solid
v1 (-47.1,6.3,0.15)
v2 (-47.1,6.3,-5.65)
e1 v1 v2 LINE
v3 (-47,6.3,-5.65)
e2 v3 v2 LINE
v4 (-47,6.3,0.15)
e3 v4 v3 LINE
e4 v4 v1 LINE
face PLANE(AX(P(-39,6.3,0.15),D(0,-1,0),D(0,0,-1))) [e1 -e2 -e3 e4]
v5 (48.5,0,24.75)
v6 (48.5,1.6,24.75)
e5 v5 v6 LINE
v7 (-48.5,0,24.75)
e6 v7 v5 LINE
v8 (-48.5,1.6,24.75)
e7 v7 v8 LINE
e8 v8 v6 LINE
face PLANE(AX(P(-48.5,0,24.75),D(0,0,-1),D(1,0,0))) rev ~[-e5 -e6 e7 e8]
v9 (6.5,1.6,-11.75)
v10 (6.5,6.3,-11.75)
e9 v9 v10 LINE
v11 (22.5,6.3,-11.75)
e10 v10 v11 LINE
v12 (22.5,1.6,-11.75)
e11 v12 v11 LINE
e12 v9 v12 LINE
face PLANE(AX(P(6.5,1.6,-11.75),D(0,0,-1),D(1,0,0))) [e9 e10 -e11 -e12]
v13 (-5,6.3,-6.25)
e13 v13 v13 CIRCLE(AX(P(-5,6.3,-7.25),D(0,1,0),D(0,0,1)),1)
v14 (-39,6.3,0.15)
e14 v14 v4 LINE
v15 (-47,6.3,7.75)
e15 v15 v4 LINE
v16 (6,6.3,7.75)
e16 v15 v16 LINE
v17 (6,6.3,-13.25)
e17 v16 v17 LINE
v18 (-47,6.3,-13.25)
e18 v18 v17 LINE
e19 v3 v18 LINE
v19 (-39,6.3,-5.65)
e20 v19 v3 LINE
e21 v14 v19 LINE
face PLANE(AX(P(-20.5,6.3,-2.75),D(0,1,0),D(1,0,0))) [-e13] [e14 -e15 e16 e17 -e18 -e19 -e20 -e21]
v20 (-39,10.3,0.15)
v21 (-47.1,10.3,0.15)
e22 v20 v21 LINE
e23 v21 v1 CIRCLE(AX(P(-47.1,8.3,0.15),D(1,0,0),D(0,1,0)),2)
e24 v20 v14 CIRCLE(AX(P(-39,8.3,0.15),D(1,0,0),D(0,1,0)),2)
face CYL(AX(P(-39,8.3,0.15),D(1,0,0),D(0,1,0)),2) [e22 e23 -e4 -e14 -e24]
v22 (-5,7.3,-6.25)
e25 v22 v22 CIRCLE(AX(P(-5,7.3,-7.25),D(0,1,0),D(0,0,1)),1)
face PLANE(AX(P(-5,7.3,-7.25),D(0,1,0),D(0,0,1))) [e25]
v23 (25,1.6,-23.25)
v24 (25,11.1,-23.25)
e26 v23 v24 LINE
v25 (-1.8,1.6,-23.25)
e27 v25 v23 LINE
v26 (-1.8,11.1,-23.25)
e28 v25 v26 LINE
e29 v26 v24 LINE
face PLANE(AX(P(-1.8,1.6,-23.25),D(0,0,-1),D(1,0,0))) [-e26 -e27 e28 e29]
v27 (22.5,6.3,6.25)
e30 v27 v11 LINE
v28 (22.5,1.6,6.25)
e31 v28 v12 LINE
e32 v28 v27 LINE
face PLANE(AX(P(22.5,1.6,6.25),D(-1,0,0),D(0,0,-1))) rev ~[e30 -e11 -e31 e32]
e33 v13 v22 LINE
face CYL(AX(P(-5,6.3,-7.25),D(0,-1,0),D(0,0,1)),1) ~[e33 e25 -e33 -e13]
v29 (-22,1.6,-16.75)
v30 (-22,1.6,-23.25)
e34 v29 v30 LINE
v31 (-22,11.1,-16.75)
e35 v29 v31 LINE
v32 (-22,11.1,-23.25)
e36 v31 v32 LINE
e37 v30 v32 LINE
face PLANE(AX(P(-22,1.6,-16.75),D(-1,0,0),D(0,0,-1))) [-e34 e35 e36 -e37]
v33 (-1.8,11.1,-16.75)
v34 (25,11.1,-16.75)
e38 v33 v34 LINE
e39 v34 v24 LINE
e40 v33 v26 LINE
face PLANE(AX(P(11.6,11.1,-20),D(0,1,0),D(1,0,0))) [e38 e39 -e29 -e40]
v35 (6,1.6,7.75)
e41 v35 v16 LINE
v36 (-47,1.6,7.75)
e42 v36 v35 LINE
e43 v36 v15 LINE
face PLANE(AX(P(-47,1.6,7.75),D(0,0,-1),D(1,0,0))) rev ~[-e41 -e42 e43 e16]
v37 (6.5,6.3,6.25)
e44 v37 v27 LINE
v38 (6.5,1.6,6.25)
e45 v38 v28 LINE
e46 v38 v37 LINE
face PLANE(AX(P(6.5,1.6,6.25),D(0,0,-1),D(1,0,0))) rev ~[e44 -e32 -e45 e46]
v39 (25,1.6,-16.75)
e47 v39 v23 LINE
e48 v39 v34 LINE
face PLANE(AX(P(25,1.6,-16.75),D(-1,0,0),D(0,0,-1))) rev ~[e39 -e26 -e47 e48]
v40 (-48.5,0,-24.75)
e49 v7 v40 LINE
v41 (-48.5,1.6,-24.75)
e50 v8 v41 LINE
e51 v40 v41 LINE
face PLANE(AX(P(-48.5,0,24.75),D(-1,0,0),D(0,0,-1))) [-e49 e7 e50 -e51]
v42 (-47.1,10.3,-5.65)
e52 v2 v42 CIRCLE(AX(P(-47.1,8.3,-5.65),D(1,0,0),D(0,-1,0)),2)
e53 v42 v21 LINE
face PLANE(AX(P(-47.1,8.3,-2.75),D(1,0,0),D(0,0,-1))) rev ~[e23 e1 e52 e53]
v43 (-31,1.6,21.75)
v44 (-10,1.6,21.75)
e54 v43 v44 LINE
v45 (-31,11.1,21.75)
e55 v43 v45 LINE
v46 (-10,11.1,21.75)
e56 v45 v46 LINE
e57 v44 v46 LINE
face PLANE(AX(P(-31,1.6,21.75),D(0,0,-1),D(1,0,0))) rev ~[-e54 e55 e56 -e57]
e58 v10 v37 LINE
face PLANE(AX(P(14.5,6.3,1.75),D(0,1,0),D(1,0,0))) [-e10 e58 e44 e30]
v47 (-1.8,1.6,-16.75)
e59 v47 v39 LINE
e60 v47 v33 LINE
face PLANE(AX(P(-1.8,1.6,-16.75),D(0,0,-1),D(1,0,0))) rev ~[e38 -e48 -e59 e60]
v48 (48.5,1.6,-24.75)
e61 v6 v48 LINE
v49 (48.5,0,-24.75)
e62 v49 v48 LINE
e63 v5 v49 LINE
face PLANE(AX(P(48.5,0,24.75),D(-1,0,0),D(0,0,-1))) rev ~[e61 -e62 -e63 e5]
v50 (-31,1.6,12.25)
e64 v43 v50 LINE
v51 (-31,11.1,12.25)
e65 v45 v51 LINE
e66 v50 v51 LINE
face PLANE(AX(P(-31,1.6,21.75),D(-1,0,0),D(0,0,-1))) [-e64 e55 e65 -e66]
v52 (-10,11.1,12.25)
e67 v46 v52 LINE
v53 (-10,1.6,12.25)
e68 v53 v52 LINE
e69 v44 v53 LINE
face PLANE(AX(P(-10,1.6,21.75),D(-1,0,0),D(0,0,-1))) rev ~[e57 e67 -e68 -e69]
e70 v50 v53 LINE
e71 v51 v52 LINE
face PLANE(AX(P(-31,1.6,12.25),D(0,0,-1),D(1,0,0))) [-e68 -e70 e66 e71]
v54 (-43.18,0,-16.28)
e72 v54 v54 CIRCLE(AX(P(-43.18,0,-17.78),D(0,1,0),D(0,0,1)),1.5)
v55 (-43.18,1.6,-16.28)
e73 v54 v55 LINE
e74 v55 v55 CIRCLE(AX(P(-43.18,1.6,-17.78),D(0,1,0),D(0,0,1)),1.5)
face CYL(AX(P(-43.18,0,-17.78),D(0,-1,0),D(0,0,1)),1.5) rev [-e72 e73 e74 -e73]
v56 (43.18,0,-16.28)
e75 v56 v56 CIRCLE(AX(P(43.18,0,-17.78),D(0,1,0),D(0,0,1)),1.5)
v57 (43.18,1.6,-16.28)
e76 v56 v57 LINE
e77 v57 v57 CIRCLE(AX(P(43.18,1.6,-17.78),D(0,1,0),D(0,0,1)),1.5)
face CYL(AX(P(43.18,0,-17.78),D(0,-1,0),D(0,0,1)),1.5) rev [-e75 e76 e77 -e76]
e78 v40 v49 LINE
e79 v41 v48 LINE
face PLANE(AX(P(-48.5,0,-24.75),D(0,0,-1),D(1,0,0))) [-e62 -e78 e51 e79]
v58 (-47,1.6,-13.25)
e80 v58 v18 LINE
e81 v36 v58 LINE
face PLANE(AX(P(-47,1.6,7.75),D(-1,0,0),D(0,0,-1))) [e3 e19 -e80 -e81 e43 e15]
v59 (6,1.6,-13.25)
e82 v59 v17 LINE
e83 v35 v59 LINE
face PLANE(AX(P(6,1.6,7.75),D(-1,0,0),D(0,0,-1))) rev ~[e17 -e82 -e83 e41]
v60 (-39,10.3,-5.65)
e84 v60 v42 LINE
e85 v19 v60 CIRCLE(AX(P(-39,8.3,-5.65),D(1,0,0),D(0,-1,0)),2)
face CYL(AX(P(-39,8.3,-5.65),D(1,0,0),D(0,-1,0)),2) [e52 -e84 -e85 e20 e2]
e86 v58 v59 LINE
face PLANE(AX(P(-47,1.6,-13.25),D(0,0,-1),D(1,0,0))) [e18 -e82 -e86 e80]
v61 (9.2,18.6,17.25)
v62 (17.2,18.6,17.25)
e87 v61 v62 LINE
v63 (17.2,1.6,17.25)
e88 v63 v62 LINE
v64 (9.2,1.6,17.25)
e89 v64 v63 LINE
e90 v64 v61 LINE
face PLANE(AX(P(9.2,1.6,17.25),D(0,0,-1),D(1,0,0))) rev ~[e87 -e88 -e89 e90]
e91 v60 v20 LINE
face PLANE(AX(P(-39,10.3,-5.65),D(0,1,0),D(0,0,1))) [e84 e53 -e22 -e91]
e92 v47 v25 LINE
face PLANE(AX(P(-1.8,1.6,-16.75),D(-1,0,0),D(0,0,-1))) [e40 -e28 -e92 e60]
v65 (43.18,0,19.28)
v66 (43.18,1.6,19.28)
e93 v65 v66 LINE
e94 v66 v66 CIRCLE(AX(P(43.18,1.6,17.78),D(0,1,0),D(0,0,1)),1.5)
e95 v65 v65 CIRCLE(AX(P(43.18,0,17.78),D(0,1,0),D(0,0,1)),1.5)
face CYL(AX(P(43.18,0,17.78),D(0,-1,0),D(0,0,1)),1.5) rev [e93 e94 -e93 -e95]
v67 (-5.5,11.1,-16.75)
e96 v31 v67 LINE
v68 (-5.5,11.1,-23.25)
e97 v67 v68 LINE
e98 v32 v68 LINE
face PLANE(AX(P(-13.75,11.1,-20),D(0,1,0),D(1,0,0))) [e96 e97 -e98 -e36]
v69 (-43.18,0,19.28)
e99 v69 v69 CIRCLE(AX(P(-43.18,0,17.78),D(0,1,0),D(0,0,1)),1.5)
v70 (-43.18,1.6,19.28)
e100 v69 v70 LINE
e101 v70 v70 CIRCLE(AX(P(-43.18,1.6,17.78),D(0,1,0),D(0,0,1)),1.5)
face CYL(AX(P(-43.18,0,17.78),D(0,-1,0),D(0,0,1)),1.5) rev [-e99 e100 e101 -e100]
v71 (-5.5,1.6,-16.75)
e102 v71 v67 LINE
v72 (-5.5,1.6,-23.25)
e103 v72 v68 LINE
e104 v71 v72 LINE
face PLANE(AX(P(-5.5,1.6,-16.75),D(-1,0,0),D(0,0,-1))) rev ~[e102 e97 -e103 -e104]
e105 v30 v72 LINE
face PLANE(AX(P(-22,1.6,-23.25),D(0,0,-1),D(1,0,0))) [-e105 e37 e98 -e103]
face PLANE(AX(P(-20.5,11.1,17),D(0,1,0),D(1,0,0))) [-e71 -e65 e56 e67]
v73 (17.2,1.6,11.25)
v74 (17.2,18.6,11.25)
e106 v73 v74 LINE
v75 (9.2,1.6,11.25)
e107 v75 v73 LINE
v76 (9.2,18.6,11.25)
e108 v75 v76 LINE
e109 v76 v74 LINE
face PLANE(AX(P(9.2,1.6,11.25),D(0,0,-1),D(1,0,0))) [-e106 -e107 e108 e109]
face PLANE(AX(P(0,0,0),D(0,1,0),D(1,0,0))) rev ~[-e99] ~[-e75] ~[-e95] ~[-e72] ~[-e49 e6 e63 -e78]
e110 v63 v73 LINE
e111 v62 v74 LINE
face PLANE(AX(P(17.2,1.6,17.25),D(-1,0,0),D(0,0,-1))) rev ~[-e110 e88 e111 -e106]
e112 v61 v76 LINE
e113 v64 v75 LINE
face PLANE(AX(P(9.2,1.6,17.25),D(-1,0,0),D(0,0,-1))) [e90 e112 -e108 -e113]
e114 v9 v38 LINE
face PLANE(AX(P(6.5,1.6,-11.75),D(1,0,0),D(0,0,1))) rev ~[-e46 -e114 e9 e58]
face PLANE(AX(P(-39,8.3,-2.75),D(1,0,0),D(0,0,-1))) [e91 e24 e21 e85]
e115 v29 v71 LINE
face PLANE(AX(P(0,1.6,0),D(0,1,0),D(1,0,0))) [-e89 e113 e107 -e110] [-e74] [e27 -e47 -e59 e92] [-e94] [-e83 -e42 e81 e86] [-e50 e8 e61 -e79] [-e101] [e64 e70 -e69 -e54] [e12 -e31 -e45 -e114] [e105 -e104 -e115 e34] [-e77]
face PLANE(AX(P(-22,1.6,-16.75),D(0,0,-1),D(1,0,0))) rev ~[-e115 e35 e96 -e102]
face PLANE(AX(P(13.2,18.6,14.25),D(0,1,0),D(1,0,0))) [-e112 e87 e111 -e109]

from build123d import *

# Parameters (mm, degrees)
SKETCH1_W                = 97
SKETCH1_H                = 49.5
SKETCH1_R                = 1.5
BOSS_EXTRUDE1_DEPTH      = 1.6
SKETCH2_W                = 16.5
SKETCH2_H                = 6.5
SKETCH2_W_2              = 26.8
SKETCH2_W_3              = 21
SKETCH2_H_2              = 9.5
BOSS_EXTRUDE2_DEPTH      = 9.5
SKETCH2_3_W              = 16
SKETCH2_3_H              = 18
SKETCH2_3_W_2            = 53
SKETCH2_3_H_2            = 21
BOSS_EXTRUDE3_DEPTH      = 4.7
SKETCH2_4_W              = 8
SKETCH2_4_H              = 6
BOSS_EXTRUDE4_DEPTH      = 17
SKETCH3_R                = 1
BOSS_EXTRUDE5_DEPTH      = 1
BOSS_EXTRUDE6_DEPTH      = 0.1
BOSS_EXTRUDE6_DEPTH_BACK = 8


with BuildPart() as part:
    # Sketch1 → Boss-Extrude1 (new body)
    with BuildSketch(Plane(origin=(0, 0, 0), x_dir=(1, 0, 0), z_dir=(0, 1, 0))):
        Rectangle(SKETCH1_W, SKETCH1_H)
        with Locations((-43.18, 17.78)):
            Circle(SKETCH1_R, mode=Mode.SUBTRACT)
        with Locations((-43.18, -17.78)):
            Circle(SKETCH1_R, mode=Mode.SUBTRACT)
        with Locations((43.18, 17.78)):
            Circle(SKETCH1_R, mode=Mode.SUBTRACT)
        with Locations((43.18, -17.78)):
            Circle(SKETCH1_R, mode=Mode.SUBTRACT)
    extrude(amount=BOSS_EXTRUDE1_DEPTH)

    # Sketch2 → Boss-Extrude2 (add)
    with BuildSketch(Plane(origin=(0, 1.6, 0), x_dir=(1, 0, 0), z_dir=(0, 1, 0))):
        with Locations((-13.75, 20)):
            Rectangle(SKETCH2_W, SKETCH2_H)
        with Locations((11.6, 20)):
            Rectangle(SKETCH2_W_2, SKETCH2_H)
        with Locations((-20.5, -17)):
            Rectangle(SKETCH2_W_3, SKETCH2_H_2)
    extrude(amount=BOSS_EXTRUDE2_DEPTH)

    # Sketch2<3> → Boss-Extrude3 (add)
    with BuildSketch(Plane(origin=(0, 1.6, 0), x_dir=(1, 0, 0), z_dir=(0, 1, 0))):
        with Locations((14.5, 2.75)):
            Rectangle(SKETCH2_3_W, SKETCH2_3_H)
        with Locations((-20.5, 2.75)):
            Rectangle(SKETCH2_3_W_2, SKETCH2_3_H_2)
    extrude(amount=BOSS_EXTRUDE3_DEPTH)

    # Sketch2<4> → Boss-Extrude4 (add)
    with BuildSketch(Plane(origin=(0, 1.6, 0), x_dir=(1, 0, 0), z_dir=(0, 1, 0))):
        with Locations((13.2, -14.25)):
            Rectangle(SKETCH2_4_W, SKETCH2_4_H)
    extrude(amount=BOSS_EXTRUDE4_DEPTH)

    # Sketch3 → Boss-Extrude5 (add)
    with BuildSketch(Plane(origin=(0, 6.3, 0), x_dir=(1, 0, 0), z_dir=(0, 1, 0))):
        with Locations((-5, 7.25)):
            Circle(SKETCH3_R)
    extrude(amount=BOSS_EXTRUDE5_DEPTH)

    # Sketch4 → Boss-Extrude6 (add, two sides: drawn at the far end of the back side and taken through both)
    with BuildSketch(Plane.ZY.offset(47).offset(-BOSS_EXTRUDE6_DEPTH_BACK)):
        with BuildLine():
            Line((-5.65, 10.3), (0.15, 10.3))
            ThreePointArc((0.15, 10.3), (2.15, 8.3), (0.15, 6.3))
            Line((0.15, 6.3), (-5.65, 6.3))
            ThreePointArc((-5.65, 6.3), (-7.65, 8.3), (-5.65, 10.3))
        make_face()
    extrude(amount=BOSS_EXTRUDE6_DEPTH + BOSS_EXTRUDE6_DEPTH_BACK)


solid = part.part
